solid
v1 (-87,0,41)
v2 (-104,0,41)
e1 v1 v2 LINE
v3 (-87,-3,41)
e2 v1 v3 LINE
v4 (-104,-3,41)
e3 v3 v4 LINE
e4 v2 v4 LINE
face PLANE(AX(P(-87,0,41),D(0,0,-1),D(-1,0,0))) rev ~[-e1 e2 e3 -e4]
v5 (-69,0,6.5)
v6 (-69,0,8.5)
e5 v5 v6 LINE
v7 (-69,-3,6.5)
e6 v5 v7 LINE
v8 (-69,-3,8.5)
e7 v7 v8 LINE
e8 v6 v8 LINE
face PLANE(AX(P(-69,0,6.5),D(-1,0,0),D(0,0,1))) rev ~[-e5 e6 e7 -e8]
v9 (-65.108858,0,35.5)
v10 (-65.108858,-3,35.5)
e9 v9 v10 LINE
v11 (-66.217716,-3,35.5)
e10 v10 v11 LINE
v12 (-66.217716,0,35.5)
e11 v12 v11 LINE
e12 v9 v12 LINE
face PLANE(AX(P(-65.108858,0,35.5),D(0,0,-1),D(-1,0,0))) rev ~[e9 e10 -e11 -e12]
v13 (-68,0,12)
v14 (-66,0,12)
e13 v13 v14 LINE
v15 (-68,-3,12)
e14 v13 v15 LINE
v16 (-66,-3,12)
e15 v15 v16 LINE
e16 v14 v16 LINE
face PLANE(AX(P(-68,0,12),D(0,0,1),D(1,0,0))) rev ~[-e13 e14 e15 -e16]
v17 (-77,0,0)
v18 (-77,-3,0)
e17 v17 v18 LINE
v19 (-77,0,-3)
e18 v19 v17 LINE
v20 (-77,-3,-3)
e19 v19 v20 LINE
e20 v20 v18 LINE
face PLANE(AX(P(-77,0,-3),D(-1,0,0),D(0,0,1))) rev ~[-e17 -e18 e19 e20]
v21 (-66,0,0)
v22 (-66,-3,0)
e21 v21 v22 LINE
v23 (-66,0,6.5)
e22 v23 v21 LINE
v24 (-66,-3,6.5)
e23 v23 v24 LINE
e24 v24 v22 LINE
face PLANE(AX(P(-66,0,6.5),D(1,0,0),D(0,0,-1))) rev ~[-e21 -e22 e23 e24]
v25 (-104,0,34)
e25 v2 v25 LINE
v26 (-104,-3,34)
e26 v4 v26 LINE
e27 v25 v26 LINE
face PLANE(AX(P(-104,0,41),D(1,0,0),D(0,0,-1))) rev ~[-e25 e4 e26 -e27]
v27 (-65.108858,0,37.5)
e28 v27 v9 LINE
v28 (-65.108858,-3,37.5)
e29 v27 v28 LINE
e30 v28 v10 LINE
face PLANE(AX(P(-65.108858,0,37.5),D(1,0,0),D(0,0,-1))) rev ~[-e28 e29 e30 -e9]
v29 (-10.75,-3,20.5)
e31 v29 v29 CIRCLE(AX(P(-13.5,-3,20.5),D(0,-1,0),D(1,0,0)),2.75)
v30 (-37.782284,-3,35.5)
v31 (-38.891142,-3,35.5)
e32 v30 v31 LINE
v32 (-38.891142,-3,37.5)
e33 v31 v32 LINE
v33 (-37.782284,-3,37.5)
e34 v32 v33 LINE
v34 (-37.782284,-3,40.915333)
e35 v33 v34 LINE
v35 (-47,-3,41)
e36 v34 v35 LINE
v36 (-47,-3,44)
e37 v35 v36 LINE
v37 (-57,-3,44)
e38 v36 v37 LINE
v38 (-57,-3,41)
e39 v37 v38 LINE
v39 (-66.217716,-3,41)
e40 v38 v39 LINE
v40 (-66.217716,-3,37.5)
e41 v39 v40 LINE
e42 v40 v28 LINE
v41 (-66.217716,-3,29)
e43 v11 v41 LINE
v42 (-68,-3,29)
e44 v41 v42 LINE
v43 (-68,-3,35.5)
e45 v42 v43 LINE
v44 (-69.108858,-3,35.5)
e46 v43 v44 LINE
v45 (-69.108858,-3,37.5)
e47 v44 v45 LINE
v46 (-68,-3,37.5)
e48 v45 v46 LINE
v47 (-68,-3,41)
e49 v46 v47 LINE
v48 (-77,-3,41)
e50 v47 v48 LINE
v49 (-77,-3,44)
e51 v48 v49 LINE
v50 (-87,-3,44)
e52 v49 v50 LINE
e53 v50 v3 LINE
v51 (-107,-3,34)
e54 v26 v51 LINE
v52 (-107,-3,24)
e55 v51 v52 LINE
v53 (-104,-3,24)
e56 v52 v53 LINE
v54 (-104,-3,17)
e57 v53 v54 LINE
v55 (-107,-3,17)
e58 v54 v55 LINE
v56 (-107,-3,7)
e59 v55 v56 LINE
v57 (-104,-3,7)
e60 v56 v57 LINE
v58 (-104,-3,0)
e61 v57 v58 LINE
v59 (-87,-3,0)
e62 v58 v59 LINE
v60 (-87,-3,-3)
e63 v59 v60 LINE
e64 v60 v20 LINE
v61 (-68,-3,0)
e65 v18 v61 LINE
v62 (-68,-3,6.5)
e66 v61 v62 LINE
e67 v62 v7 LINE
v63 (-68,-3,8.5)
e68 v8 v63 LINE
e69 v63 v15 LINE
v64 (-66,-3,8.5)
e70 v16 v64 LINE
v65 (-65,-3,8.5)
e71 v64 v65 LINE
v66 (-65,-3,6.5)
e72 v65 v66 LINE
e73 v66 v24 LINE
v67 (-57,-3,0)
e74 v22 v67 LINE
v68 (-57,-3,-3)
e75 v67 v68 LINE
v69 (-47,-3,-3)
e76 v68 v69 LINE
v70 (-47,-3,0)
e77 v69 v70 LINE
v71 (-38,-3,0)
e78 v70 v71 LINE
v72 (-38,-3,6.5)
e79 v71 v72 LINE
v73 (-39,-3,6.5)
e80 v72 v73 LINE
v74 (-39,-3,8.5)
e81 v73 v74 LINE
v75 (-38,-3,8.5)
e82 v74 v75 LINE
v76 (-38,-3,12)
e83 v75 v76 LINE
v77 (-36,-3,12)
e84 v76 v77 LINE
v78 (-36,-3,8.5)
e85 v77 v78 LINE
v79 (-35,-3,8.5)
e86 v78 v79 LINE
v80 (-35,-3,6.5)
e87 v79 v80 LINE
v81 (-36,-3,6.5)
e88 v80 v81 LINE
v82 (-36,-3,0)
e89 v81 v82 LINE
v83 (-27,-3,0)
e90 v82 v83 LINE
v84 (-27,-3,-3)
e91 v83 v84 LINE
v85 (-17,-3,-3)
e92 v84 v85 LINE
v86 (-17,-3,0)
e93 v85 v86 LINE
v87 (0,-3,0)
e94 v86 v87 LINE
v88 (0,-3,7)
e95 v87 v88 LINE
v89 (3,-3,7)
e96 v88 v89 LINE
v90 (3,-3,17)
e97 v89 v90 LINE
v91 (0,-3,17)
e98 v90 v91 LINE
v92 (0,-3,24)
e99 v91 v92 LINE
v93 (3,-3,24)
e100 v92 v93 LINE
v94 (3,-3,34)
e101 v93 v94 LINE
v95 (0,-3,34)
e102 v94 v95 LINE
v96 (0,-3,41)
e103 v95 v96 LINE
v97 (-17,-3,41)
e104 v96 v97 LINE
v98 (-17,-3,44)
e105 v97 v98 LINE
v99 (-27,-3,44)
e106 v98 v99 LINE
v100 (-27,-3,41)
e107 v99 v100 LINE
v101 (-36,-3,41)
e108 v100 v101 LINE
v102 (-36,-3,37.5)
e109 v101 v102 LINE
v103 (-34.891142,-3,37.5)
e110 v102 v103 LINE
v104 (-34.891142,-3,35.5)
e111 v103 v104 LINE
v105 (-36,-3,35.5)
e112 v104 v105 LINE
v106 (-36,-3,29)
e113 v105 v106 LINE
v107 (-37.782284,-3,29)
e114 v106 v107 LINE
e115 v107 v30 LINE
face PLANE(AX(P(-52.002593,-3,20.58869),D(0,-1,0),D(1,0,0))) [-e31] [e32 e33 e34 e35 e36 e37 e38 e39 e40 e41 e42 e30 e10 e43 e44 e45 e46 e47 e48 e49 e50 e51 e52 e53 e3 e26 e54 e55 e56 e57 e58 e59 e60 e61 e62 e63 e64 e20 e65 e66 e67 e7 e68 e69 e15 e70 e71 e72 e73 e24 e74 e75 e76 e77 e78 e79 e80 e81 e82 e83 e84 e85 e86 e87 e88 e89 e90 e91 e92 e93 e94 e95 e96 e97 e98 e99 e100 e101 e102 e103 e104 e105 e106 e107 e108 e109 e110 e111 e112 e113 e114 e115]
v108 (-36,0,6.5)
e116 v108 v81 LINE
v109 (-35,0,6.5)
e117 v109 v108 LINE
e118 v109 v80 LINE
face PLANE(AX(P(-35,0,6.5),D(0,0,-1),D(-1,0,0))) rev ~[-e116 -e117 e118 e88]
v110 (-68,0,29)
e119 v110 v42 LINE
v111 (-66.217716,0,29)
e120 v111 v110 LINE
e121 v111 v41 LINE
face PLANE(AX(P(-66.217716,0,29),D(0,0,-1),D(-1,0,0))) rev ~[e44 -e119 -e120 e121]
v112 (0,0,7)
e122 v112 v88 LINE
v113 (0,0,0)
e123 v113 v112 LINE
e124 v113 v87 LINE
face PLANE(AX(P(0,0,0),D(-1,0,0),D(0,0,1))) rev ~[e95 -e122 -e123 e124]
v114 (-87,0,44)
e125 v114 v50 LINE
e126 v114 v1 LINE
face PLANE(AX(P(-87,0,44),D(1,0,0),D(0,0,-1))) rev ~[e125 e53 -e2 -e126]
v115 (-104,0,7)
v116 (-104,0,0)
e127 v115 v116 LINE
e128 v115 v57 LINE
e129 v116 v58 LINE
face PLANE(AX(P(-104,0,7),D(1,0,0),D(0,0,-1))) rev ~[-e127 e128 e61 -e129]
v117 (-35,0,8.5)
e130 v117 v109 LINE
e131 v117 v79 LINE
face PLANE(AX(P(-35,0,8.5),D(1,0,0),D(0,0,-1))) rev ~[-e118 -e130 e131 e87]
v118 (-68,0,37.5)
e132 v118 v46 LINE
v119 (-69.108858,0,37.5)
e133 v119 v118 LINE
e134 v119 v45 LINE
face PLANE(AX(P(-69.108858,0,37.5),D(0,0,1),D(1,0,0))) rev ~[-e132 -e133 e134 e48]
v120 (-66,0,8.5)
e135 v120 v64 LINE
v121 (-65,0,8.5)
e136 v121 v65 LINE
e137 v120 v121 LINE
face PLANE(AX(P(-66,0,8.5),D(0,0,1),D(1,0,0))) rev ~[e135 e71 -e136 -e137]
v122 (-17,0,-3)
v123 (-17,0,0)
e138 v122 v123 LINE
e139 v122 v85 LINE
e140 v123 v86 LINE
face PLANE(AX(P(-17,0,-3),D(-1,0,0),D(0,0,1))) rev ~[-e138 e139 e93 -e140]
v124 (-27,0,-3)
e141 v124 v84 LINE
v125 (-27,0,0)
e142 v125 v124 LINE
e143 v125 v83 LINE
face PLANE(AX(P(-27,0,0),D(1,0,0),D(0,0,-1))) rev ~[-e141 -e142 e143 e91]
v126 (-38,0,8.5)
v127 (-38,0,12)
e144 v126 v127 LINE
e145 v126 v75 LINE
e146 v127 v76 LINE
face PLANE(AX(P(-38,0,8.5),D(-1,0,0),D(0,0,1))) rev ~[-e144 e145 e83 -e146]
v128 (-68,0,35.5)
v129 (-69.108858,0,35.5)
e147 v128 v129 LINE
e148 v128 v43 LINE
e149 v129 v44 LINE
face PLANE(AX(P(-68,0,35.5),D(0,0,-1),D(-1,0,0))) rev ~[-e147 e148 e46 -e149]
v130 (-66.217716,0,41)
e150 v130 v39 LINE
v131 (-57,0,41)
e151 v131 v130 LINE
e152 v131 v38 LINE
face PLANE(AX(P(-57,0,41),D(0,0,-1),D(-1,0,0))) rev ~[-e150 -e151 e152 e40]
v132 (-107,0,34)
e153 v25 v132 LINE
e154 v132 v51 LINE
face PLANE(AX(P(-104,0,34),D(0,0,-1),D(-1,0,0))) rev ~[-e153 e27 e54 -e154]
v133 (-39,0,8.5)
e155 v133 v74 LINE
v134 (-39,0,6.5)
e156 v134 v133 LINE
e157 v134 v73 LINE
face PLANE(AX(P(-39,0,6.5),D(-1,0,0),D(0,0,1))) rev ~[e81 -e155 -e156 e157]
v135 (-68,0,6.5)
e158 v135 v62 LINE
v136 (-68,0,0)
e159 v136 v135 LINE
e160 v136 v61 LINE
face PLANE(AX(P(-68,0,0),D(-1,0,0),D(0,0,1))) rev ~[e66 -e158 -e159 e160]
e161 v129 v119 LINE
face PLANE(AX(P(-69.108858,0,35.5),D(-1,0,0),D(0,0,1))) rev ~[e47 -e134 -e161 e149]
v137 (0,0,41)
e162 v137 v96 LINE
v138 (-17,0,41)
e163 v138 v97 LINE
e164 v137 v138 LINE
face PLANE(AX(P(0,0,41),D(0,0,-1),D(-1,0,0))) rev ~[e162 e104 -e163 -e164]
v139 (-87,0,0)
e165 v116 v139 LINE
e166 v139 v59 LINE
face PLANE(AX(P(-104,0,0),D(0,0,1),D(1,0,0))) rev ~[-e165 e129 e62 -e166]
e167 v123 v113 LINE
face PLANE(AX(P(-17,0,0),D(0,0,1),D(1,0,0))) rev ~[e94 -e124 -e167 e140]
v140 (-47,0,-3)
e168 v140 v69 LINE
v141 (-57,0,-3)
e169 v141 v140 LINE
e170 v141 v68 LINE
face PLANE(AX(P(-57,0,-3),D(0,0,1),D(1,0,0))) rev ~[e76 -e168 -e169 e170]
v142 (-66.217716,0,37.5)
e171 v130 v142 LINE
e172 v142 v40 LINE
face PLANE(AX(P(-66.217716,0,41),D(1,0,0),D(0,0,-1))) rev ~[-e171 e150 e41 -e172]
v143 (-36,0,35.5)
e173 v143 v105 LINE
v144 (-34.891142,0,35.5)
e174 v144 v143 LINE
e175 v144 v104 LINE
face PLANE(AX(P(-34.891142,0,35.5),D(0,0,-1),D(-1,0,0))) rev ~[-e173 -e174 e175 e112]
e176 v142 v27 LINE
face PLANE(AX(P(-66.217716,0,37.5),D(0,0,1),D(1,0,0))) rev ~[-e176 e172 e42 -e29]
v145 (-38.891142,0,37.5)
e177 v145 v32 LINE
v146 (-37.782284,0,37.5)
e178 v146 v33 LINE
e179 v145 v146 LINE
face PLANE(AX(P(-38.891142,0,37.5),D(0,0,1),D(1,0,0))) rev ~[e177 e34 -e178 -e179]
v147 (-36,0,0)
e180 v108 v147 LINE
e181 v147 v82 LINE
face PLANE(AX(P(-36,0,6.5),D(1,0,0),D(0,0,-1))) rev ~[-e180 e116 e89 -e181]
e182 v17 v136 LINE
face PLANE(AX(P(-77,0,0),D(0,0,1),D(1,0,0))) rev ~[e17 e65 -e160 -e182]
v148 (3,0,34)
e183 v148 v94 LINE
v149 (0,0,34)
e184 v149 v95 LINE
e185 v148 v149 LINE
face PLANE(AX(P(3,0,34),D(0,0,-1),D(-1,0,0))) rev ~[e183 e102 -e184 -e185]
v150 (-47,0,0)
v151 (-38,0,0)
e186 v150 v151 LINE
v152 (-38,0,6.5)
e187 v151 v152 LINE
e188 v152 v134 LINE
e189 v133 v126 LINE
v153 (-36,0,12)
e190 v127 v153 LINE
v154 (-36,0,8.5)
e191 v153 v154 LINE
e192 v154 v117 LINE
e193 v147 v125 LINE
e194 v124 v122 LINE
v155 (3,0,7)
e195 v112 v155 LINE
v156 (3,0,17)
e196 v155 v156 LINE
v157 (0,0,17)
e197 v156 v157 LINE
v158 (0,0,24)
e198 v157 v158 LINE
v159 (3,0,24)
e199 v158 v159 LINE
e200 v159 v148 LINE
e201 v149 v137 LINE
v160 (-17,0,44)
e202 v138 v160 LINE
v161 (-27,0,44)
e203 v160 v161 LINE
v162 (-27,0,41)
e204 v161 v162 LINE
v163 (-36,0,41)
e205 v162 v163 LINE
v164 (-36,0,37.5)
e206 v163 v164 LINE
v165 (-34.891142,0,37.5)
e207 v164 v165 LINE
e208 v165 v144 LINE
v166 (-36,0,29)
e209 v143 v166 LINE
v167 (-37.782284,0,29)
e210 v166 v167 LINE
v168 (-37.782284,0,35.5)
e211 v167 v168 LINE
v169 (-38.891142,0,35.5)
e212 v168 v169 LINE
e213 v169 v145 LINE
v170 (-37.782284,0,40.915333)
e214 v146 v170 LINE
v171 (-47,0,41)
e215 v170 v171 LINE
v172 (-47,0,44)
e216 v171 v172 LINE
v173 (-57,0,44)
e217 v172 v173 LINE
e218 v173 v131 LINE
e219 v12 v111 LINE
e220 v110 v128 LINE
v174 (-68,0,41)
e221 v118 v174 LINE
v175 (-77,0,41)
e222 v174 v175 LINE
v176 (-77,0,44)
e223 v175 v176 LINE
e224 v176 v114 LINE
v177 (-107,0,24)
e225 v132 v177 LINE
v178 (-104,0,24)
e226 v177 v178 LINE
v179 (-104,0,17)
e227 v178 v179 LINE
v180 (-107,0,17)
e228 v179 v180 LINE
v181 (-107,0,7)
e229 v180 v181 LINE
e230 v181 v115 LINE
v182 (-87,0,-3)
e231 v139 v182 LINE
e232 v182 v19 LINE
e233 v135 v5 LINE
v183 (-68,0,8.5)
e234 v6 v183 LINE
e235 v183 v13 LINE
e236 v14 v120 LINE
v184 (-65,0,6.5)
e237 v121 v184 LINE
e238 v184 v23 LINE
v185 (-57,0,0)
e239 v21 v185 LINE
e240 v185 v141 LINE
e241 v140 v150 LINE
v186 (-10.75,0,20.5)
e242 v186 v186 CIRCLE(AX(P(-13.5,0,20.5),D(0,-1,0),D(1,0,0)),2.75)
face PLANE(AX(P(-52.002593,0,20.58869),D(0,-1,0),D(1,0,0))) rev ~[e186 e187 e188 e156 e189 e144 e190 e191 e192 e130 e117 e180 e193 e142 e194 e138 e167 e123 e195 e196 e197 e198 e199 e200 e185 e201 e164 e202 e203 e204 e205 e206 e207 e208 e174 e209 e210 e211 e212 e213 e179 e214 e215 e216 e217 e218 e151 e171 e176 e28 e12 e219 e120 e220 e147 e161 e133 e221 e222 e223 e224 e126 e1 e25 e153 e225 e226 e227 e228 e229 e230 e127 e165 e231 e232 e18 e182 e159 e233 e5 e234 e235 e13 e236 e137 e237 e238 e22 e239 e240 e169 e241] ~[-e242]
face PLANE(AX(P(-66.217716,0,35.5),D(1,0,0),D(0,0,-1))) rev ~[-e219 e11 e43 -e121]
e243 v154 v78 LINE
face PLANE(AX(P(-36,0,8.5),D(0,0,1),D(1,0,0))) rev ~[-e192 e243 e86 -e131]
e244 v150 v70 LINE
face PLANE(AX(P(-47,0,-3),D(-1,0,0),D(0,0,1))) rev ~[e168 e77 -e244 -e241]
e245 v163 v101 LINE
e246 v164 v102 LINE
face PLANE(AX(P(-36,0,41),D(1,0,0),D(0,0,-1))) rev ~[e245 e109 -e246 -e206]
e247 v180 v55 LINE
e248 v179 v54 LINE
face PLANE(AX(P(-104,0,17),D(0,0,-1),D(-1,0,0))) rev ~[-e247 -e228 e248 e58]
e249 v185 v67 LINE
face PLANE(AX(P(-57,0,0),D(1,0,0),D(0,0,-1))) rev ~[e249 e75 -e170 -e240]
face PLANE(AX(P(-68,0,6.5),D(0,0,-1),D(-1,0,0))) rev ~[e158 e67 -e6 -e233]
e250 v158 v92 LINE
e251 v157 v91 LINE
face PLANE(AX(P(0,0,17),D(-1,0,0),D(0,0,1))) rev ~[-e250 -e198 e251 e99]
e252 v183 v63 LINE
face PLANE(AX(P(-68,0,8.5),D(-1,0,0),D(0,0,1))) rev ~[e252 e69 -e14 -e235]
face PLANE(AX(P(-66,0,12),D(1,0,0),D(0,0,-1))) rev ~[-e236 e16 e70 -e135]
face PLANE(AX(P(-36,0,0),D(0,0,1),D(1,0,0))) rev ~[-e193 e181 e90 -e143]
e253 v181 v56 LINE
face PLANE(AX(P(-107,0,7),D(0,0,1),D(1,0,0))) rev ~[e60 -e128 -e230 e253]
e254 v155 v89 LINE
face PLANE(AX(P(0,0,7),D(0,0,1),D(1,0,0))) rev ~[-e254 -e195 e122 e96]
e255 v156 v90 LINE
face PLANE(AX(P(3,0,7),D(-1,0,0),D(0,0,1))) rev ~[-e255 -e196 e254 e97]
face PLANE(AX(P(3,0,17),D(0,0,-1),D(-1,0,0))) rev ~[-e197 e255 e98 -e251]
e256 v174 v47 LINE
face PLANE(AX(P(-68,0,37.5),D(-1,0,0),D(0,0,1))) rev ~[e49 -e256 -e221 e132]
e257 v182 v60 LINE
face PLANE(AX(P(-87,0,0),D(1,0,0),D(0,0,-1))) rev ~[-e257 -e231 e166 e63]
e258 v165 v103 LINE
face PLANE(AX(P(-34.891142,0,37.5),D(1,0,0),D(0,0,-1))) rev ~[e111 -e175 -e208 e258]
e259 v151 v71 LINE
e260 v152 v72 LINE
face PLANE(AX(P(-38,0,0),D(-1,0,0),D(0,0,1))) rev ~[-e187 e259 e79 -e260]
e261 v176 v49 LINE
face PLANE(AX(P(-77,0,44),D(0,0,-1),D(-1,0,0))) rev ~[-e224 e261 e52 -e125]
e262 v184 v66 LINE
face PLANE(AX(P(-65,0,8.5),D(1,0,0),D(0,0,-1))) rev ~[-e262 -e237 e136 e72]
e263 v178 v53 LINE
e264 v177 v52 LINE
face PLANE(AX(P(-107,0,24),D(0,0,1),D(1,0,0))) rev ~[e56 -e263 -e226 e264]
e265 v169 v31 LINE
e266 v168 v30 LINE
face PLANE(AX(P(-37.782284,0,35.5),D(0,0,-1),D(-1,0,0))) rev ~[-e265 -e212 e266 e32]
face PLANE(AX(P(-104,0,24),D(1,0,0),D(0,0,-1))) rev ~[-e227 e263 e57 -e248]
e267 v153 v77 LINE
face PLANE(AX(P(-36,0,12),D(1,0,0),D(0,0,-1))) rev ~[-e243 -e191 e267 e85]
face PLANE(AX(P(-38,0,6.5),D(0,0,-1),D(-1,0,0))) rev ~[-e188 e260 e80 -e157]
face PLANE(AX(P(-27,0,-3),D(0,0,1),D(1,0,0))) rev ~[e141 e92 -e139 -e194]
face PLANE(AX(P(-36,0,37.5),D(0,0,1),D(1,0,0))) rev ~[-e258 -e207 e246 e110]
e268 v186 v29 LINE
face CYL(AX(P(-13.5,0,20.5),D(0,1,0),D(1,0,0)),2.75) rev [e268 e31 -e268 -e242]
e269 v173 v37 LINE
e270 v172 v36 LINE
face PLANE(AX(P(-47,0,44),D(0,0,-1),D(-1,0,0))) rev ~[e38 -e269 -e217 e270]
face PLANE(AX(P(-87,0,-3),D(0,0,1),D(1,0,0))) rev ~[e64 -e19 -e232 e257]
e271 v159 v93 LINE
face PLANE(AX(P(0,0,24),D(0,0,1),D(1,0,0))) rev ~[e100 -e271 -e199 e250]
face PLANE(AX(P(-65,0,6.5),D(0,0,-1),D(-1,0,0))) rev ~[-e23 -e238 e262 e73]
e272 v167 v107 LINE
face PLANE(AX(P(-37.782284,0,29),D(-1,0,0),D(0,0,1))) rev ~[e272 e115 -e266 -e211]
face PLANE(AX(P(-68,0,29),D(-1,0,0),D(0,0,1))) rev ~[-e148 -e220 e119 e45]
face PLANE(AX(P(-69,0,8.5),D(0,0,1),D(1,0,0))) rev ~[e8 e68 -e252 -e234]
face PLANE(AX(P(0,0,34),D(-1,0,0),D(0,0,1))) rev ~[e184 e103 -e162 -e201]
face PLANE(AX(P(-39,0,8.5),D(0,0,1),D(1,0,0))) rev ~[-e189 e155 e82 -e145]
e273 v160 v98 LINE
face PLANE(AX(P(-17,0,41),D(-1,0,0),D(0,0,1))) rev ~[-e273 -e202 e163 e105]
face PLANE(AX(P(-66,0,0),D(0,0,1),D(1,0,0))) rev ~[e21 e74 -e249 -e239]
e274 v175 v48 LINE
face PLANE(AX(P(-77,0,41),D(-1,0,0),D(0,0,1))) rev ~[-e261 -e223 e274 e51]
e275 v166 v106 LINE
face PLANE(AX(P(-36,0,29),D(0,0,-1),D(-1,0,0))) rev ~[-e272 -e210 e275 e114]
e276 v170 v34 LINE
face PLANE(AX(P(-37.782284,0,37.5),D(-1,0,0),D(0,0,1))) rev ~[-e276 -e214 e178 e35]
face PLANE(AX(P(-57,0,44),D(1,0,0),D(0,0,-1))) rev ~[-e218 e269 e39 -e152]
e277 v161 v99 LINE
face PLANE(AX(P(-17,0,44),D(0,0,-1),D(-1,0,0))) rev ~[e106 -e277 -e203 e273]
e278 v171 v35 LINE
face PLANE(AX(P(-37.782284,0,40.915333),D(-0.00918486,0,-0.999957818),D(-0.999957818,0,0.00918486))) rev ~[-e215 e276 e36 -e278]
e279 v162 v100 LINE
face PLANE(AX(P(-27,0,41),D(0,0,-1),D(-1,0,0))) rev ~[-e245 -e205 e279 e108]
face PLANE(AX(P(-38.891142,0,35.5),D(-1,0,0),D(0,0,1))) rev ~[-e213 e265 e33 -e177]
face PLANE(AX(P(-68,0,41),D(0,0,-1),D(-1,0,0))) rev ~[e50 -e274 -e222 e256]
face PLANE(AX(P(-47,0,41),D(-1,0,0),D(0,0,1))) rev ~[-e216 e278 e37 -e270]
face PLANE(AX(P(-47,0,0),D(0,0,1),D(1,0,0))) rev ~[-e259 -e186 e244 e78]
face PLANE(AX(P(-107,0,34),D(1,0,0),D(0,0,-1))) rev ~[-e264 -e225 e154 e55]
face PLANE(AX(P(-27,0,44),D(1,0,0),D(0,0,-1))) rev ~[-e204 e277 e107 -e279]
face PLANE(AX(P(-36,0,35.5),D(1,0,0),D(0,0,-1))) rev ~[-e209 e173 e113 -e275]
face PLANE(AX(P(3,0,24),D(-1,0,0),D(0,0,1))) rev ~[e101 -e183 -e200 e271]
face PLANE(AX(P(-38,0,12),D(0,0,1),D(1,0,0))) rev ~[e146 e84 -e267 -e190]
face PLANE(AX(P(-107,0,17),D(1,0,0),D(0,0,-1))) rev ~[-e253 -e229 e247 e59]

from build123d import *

# Parameters (mm, degrees)
F0_R     = 2.75
F1_DEPTH = 3


with BuildPart() as f1:
    # F0 (on Front) → F1 (new body)
    with BuildSketch(Plane.XZ):
        Polygon((-17, 0), (0, 0), (0, 7), (3, 7), (3, 17), (0, 17), (0, 24), (3, 24), (3, 34), (0, 34), (0, 41), (-17, 41), (-17, 44), (-27, 44), (-27, 41), (-36, 41), (-36, 37.5), (-34.891142, 37.5), (-34.891142, 35.5), (-36, 35.5), (-36, 29), (-37.782284, 29), (-37.782284, 35.5), (-38.891142, 35.5), (-38.891142, 37.5), (-37.782284, 37.5), (-37.782284, 40.915333), (-47, 41), (-47, 44), (-57, 44), (-57, 41), (-66.217716, 41), (-66.217716, 37.5), (-65.108858, 37.5), (-65.108858, 35.5), (-66.217716, 35.5), (-66.217716, 29), (-68, 29), (-68, 35.5), (-69.108858, 35.5), (-69.108858, 37.5), (-68, 37.5), (-68, 41), (-77, 41), (-77, 44), (-87, 44), (-87, 41), (-104, 41), (-104, 34), (-107, 34), (-107, 24), (-104, 24), (-104, 17), (-107, 17), (-107, 7), (-104, 7), (-104, 0), (-87, 0), (-87, -3), (-77, -3), (-77, 0), (-68, 0), (-68, 6.5), (-69, 6.5), (-69, 8.5), (-68, 8.5), (-68, 12), (-66, 12), (-66, 8.5), (-65, 8.5), (-65, 6.5), (-66, 6.5), (-66, 0), (-57, 0), (-57, -3), (-47, -3), (-47, 0), (-38, 0), (-38, 6.5), (-39, 6.5), (-39, 8.5), (-38, 8.5), (-38, 12), (-36, 12), (-36, 8.5), (-35, 8.5), (-35, 6.5), (-36, 6.5), (-36, 0), (-27, 0), (-27, -3), (-17, -3), align=None)
        with Locations((-13.5, 20.5)):
            Circle(F0_R, mode=Mode.SUBTRACT)
    extrude(amount=F1_DEPTH)


solid = f1.part
